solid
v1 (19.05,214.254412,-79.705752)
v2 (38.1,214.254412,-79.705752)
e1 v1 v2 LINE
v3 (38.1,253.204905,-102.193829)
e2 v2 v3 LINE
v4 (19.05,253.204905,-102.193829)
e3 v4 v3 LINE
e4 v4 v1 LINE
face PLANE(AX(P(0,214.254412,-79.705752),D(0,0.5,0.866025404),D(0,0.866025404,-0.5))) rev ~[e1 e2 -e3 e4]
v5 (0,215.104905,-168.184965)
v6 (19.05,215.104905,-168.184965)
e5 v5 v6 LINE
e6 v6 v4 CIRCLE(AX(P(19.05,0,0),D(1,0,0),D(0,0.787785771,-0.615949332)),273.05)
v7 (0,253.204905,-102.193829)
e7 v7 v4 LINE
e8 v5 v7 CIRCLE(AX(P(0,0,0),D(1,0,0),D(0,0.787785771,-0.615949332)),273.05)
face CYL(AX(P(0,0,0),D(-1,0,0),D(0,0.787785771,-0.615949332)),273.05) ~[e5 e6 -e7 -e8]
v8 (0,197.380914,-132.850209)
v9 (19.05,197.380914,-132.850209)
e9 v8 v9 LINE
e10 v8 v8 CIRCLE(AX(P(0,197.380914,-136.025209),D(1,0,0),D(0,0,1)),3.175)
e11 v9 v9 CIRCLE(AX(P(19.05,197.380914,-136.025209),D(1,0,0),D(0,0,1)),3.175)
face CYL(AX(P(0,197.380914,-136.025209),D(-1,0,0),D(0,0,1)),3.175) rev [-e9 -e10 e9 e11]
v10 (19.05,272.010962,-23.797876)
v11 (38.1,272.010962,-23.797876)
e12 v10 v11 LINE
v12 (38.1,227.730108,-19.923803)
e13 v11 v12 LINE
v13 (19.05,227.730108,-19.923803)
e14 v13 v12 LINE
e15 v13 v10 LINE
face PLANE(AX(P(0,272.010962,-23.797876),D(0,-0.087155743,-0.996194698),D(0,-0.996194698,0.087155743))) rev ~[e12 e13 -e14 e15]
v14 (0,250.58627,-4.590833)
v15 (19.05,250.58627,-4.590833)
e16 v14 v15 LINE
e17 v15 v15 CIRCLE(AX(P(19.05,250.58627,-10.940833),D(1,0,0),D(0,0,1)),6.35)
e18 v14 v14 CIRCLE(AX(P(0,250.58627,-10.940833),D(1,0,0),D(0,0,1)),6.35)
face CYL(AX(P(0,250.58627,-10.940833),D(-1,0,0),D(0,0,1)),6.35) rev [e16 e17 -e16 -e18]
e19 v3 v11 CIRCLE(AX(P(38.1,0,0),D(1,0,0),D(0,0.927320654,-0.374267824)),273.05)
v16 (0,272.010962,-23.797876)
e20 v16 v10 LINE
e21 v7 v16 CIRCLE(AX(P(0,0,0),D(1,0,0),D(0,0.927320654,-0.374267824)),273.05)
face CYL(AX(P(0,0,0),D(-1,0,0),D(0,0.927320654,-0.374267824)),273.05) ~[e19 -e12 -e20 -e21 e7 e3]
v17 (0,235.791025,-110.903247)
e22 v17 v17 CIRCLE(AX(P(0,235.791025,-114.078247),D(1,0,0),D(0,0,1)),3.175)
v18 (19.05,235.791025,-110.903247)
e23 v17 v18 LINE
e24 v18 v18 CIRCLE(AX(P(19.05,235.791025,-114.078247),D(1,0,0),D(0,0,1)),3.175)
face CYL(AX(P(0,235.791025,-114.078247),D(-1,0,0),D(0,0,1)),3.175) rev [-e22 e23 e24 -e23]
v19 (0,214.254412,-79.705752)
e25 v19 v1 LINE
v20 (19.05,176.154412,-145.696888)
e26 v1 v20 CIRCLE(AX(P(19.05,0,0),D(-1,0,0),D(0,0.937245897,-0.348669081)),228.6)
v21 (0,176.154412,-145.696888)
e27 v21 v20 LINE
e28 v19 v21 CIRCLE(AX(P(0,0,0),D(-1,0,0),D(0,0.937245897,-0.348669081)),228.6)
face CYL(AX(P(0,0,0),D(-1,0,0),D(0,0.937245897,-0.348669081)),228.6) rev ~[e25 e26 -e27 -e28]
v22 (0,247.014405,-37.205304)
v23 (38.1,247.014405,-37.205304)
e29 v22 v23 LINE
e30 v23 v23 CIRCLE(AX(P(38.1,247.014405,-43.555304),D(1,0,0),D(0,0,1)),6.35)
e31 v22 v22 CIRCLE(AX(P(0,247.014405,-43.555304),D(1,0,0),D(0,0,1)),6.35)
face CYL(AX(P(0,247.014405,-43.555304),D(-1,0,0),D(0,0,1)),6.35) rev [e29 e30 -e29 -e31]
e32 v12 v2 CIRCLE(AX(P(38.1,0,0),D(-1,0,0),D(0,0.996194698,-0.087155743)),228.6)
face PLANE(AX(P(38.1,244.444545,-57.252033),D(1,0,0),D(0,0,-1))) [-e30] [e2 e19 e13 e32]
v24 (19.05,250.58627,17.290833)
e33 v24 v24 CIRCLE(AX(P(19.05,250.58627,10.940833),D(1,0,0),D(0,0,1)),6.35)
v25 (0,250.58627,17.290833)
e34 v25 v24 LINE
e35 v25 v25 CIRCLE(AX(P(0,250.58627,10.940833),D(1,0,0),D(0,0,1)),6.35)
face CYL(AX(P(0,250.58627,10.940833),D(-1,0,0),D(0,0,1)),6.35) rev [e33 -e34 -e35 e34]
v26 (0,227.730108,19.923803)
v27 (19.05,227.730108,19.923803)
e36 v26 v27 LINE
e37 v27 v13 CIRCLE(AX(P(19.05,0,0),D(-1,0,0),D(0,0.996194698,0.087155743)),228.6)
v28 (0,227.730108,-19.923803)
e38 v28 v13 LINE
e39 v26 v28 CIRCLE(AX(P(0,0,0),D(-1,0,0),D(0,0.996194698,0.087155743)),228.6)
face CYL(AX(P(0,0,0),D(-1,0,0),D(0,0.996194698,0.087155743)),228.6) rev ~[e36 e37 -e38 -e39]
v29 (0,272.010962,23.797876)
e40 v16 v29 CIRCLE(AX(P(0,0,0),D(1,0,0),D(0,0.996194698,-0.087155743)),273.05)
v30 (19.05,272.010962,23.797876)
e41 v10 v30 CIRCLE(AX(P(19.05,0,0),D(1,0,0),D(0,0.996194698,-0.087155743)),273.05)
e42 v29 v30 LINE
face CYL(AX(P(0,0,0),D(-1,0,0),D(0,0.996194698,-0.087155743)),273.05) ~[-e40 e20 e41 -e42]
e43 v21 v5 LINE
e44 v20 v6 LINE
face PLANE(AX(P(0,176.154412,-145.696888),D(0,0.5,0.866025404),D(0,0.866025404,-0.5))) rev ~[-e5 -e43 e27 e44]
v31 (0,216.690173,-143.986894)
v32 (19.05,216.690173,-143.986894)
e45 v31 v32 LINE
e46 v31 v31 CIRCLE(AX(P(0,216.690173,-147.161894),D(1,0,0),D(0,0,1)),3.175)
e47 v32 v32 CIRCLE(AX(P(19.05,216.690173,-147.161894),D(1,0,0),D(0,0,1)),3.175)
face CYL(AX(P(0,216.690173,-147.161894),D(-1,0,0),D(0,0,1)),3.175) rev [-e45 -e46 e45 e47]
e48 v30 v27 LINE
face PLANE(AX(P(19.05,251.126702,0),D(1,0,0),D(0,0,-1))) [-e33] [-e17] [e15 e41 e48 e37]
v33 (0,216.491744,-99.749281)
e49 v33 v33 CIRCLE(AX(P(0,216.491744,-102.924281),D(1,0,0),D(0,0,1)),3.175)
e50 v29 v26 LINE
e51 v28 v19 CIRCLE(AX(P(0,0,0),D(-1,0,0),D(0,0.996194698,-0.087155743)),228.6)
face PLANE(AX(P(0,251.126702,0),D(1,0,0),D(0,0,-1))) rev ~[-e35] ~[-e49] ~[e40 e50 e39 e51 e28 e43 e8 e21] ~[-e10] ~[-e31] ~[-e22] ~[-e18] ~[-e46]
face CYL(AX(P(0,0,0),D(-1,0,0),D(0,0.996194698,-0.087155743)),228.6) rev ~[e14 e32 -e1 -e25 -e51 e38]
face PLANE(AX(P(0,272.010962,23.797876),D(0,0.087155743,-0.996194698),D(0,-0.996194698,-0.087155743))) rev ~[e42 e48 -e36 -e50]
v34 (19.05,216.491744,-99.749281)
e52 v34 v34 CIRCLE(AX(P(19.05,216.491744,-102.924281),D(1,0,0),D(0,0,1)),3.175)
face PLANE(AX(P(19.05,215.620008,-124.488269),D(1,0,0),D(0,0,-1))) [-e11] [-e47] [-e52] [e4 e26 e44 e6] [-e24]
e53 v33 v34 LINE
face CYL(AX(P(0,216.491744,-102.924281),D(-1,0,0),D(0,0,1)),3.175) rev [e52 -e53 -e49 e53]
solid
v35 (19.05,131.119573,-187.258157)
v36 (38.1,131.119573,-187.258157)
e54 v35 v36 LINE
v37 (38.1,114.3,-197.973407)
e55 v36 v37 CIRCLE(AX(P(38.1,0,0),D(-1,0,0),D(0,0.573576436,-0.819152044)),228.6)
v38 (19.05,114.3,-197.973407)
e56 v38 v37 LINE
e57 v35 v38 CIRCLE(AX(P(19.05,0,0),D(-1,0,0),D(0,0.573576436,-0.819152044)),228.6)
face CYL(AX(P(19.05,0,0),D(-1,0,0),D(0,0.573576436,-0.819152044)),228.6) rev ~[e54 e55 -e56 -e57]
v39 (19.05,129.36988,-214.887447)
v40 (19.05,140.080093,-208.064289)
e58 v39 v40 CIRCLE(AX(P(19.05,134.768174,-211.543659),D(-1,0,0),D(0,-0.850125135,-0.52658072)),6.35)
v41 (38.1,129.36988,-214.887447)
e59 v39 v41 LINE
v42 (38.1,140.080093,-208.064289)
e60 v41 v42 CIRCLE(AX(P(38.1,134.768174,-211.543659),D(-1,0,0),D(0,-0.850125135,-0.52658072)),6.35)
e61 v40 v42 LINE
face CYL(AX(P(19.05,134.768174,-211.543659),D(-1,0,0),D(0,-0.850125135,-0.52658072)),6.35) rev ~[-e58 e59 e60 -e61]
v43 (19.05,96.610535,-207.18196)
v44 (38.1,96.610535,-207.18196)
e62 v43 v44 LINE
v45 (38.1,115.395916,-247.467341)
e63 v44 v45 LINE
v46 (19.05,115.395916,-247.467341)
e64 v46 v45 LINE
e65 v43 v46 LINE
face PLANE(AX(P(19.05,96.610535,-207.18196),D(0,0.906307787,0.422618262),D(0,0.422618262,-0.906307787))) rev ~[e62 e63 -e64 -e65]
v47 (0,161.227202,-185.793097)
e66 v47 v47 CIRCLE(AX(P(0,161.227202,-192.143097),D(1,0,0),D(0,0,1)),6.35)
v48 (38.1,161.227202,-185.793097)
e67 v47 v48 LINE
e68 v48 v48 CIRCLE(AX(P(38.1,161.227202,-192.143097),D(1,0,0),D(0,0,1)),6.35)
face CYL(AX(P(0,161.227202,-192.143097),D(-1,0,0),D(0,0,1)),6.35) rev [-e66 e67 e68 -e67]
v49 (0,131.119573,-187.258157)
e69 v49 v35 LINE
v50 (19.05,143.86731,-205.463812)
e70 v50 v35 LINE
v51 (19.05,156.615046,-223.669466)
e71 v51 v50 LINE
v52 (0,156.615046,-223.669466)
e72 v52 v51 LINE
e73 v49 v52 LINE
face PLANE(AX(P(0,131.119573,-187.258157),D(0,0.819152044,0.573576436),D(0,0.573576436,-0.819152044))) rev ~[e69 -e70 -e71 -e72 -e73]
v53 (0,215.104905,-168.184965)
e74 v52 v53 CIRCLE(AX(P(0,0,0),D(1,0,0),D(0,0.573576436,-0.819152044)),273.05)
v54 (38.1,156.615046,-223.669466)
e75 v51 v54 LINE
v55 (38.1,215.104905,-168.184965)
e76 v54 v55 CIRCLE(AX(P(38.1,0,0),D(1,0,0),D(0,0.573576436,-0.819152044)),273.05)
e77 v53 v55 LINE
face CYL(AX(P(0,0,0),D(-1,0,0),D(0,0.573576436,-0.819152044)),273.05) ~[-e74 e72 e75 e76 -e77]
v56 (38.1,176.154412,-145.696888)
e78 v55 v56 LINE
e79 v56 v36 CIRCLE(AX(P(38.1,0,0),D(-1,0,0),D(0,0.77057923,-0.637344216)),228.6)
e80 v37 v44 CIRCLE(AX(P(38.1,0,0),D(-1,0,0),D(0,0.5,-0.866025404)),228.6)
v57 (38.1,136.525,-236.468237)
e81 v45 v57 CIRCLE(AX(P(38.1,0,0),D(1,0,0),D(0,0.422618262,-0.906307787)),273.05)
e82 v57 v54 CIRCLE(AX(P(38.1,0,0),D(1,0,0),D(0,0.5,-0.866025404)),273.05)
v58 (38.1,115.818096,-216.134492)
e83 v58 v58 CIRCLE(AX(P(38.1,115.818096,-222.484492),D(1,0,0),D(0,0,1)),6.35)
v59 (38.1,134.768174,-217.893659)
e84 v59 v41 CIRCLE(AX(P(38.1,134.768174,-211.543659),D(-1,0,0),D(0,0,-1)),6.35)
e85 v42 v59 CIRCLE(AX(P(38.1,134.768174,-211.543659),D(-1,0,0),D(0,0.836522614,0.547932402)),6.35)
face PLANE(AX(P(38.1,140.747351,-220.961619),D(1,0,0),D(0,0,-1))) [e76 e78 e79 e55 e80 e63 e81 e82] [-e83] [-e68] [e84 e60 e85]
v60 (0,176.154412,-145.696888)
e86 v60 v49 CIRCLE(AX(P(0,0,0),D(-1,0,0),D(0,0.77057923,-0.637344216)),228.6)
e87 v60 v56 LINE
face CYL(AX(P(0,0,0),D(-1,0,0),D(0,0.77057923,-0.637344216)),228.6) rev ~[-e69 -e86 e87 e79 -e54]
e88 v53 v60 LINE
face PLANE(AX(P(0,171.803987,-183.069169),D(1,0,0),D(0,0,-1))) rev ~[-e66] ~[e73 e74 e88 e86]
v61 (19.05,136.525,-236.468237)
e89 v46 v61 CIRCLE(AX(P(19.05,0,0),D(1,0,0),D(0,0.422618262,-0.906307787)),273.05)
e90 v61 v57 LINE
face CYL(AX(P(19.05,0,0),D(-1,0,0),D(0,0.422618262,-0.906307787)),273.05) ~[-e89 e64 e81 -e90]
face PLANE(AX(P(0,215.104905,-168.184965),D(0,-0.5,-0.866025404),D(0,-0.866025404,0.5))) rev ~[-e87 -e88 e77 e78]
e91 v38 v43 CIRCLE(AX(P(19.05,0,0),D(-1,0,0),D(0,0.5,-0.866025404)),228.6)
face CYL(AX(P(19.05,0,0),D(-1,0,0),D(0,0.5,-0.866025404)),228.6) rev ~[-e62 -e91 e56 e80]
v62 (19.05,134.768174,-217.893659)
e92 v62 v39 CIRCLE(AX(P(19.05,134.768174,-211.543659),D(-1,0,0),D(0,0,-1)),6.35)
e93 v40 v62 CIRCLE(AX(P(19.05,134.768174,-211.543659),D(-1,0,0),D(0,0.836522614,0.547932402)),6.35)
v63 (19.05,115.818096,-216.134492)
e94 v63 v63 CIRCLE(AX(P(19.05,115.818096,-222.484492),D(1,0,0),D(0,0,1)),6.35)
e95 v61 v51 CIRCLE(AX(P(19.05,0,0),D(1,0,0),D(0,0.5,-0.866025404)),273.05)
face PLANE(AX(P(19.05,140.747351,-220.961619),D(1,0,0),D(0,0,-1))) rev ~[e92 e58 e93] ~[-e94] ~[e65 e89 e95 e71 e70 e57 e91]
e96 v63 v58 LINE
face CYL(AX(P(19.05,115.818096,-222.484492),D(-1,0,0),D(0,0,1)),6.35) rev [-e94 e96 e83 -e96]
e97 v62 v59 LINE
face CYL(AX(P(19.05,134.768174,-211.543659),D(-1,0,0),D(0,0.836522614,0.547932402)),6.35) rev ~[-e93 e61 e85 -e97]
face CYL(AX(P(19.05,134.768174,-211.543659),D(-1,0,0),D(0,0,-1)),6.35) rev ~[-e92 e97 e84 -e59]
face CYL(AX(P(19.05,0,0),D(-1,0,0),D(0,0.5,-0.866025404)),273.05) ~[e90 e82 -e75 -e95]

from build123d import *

# Parameters (mm, degrees)
SKETCH1_R             = 6.35
BOSS_EXTRUDE9_DEPTH   = 38.1
BOSS_EXTRUDE9_2_DEPTH = 38.1
SKETCH1_8_R           = 6.35
SKETCH1_8_R_2         = 3.175
BOSS_EXTRUDE10_DEPTH  = 19.05
BOSS_EXTRUDE12_START  = 19.05
SKETCH1_10_R          = 6.35
BOSS_EXTRUDE12_DEPTH  = 19.05


with BuildPart() as part:
    # Sketch1 → Boss-Extrude9 (new body)
    with BuildSketch(Plane(origin=(0, 0, 0), x_dir=(0, 0, -1), z_dir=(1, 0, 0))):
        with BuildLine():
            ThreePointArc((19.923802792, 227.730107984), (50.268386101, 223.004594928), (79.705751984, 214.254412092))
            Line((79.705751984, 214.254412092), (102.193829352, 253.204904657))
            ThreePointArc((102.193829352, 253.204904657), (63.69375462, 265.517246375), (23.797875557, 272.010962314))
            Line((23.797875557, 272.010962314), (19.923802792, 227.730107984))
        make_face()
        with Locations(Location((43.555304163, 247.014404649, 0), (0, 0, 180))):
            Circle(SKETCH1_R, mode=Mode.SUBTRACT)
    extrude(amount=BOSS_EXTRUDE9_DEPTH)

    # Sketch1<8> → Boss-Extrude10 (add)
    # profile 1 of 2: a face of its own
    with BuildSketch(Plane(origin=(0, 0, 0), x_dir=(0, 0, -1), z_dir=(1, 0, 0))):
        with BuildLine():
            ThreePointArc((-19.923802792, 227.730107984), (0, 228.6), (19.923802792, 227.730107984))
            Line((19.923802792, 227.730107984), (23.797875557, 272.010962314))
            ThreePointArc((23.797875557, 272.010962314), (0, 273.05), (-23.797875557, 272.010962314))
            Line((-23.797875557, 272.010962314), (-19.923802792, 227.730107984))
        make_face()
        with Locations(Location((10.940832836, 250.586270178, 0), (0, 0, 180))):
            Circle(SKETCH1_8_R, mode=Mode.SUBTRACT)
        with Locations(Location((-10.940832836, 250.586270178, 0), (0, 0, 180))):
            Circle(SKETCH1_8_R, mode=Mode.SUBTRACT)
    # profile 2 of 2: a face of its own
    with BuildSketch(Plane(origin=(0, 0, 0), x_dir=(0, 0, -1), z_dir=(1, 0, 0))):
        with BuildLine():
            Line((102.193829352, 253.204904657), (79.705751984, 214.254412092))
            ThreePointArc((79.705751984, 214.254412092), (114.3, 197.973407305), (145.696887752, 176.154412092))
            Line((145.696887752, 176.154412092), (168.18496512, 215.104904657))
            ThreePointArc((168.18496512, 215.104904657), (136.525, 236.468236503), (102.193829352, 253.204904657))
        make_face()
        with Locations(Location((102.924280642, 216.491743747, 0), (0, 0, 180))):
            Circle(SKETCH1_8_R_2, mode=Mode.SUBTRACT)
        with Locations(Location((114.078247165, 235.791024914, 0), (0, 0, 180))):
            Circle(SKETCH1_8_R_2, mode=Mode.SUBTRACT)
        with Locations(Location((147.161893977, 216.690172521, 0), (0, 0, 180))):
            Circle(SKETCH1_8_R_2, mode=Mode.SUBTRACT)
        with Locations(Location((136.025209473, 197.380913576, 0), (0, 0, 180))):
            Circle(SKETCH1_8_R_2, mode=Mode.SUBTRACT)
    extrude(amount=BOSS_EXTRUDE10_DEPTH)


with BuildPart() as body_2:
    # Sketch1 → Boss-Extrude9 2 (new body)
    with BuildSketch(Plane(origin=(0, 0, 0), x_dir=(0, 0, -1), z_dir=(1, 0, 0))):
        with BuildLine():
            ThreePointArc((145.696887752, 176.154412092), (167.993451318, 155.035996834), (187.258157324, 131.11957335))
            Line((187.258157324, 131.11957335), (223.669465693, 156.615045946))
            ThreePointArc((223.669465693, 156.615045946), (198.097803193, 187.919032751), (168.18496512, 215.104904657))
            Line((168.18496512, 215.104904657), (145.696887752, 176.154412092))
        make_face()
        with Locations(Location((192.143097445, 161.2272022, 0), (0, 0, 180))):
            Circle(SKETCH1_R, mode=Mode.SUBTRACT)
    extrude(amount=BOSS_EXTRUDE9_2_DEPTH)

    # Sketch1<10> → Boss-Extrude12 (add)
    # profile 1 of 3: a face of its own
    with BuildSketch(Plane(origin=(0, 0, 0), x_dir=(0, 0, -1), z_dir=(1, 0, 0)).offset(BOSS_EXTRUDE12_START)):
        with BuildLine():
            ThreePointArc((214.887446965, 129.369879654), (216.063194968, 127.396532155), (217.220821904, 125.4125))
            Line((217.220821904, 125.4125), (236.468236503, 136.525))
            ThreePointArc((236.468236503, 136.525), (230.288034279, 146.709658059), (223.669465693, 156.615045946))
            Line((223.669465693, 156.615045946), (205.463811509, 143.867309648))
            ThreePointArc((205.463811509, 143.867309648), (206.772721017, 141.97965512), (208.064288645, 140.08009286))
            ThreePointArc((208.064288645, 140.08009286), (214.562640659, 140.354608917), (217.893659396, 134.768174264))
            ThreePointArc((217.893659396, 134.768174264), (217.091431519, 131.678720515), (214.887446965, 129.369879654))
        make_face()
    # profile 2 of 3: a face of its own
    with BuildSketch(Plane(origin=(0, 0, 0), x_dir=(0, 0, -1), z_dir=(1, 0, 0)).offset(BOSS_EXTRUDE12_START)):
        with BuildLine():
            ThreePointArc((187.258157324, 131.11957335), (192.799284513, 122.826690468), (197.973407305, 114.3))
            Line((197.973407305, 114.3), (217.220821904, 125.4125))
            ThreePointArc((217.220821904, 125.4125), (216.063194968, 127.396532155), (214.887446965, 129.369879654))
            ThreePointArc((214.887446965, 129.369879654), (206.188123715, 131.356321751), (208.064288645, 140.08009286))
            ThreePointArc((208.064288645, 140.08009286), (206.772721017, 141.97965512), (205.463811509, 143.867309648))
            Line((205.463811509, 143.867309648), (187.258157324, 131.11957335))
        make_face()
    # profile 3 of 3: a face of its own
    with BuildSketch(Plane(origin=(0, 0, 0), x_dir=(0, 0, -1), z_dir=(1, 0, 0)).offset(BOSS_EXTRUDE12_START)):
        with BuildLine():
            ThreePointArc((197.973407305, 114.3), (202.770676465, 105.555732986), (207.181960117, 96.610534634))
            Line((207.181960117, 96.610534634), (247.46734125, 115.395916368))
            ThreePointArc((247.46734125, 115.395916368), (242.198307999, 126.080458844), (236.468236503, 136.525))
            Line((236.468236503, 136.525), (217.220821904, 125.4125))
            Line((217.220821904, 125.4125), (197.973407305, 114.3))
        make_face()
        with Locations(Location((222.484492232, 115.818095915, 0), (0, 0, 180))):
            Circle(SKETCH1_10_R, mode=Mode.SUBTRACT)
    extrude(amount=BOSS_EXTRUDE12_DEPTH)


solid = Compound([part.part, body_2.part])
